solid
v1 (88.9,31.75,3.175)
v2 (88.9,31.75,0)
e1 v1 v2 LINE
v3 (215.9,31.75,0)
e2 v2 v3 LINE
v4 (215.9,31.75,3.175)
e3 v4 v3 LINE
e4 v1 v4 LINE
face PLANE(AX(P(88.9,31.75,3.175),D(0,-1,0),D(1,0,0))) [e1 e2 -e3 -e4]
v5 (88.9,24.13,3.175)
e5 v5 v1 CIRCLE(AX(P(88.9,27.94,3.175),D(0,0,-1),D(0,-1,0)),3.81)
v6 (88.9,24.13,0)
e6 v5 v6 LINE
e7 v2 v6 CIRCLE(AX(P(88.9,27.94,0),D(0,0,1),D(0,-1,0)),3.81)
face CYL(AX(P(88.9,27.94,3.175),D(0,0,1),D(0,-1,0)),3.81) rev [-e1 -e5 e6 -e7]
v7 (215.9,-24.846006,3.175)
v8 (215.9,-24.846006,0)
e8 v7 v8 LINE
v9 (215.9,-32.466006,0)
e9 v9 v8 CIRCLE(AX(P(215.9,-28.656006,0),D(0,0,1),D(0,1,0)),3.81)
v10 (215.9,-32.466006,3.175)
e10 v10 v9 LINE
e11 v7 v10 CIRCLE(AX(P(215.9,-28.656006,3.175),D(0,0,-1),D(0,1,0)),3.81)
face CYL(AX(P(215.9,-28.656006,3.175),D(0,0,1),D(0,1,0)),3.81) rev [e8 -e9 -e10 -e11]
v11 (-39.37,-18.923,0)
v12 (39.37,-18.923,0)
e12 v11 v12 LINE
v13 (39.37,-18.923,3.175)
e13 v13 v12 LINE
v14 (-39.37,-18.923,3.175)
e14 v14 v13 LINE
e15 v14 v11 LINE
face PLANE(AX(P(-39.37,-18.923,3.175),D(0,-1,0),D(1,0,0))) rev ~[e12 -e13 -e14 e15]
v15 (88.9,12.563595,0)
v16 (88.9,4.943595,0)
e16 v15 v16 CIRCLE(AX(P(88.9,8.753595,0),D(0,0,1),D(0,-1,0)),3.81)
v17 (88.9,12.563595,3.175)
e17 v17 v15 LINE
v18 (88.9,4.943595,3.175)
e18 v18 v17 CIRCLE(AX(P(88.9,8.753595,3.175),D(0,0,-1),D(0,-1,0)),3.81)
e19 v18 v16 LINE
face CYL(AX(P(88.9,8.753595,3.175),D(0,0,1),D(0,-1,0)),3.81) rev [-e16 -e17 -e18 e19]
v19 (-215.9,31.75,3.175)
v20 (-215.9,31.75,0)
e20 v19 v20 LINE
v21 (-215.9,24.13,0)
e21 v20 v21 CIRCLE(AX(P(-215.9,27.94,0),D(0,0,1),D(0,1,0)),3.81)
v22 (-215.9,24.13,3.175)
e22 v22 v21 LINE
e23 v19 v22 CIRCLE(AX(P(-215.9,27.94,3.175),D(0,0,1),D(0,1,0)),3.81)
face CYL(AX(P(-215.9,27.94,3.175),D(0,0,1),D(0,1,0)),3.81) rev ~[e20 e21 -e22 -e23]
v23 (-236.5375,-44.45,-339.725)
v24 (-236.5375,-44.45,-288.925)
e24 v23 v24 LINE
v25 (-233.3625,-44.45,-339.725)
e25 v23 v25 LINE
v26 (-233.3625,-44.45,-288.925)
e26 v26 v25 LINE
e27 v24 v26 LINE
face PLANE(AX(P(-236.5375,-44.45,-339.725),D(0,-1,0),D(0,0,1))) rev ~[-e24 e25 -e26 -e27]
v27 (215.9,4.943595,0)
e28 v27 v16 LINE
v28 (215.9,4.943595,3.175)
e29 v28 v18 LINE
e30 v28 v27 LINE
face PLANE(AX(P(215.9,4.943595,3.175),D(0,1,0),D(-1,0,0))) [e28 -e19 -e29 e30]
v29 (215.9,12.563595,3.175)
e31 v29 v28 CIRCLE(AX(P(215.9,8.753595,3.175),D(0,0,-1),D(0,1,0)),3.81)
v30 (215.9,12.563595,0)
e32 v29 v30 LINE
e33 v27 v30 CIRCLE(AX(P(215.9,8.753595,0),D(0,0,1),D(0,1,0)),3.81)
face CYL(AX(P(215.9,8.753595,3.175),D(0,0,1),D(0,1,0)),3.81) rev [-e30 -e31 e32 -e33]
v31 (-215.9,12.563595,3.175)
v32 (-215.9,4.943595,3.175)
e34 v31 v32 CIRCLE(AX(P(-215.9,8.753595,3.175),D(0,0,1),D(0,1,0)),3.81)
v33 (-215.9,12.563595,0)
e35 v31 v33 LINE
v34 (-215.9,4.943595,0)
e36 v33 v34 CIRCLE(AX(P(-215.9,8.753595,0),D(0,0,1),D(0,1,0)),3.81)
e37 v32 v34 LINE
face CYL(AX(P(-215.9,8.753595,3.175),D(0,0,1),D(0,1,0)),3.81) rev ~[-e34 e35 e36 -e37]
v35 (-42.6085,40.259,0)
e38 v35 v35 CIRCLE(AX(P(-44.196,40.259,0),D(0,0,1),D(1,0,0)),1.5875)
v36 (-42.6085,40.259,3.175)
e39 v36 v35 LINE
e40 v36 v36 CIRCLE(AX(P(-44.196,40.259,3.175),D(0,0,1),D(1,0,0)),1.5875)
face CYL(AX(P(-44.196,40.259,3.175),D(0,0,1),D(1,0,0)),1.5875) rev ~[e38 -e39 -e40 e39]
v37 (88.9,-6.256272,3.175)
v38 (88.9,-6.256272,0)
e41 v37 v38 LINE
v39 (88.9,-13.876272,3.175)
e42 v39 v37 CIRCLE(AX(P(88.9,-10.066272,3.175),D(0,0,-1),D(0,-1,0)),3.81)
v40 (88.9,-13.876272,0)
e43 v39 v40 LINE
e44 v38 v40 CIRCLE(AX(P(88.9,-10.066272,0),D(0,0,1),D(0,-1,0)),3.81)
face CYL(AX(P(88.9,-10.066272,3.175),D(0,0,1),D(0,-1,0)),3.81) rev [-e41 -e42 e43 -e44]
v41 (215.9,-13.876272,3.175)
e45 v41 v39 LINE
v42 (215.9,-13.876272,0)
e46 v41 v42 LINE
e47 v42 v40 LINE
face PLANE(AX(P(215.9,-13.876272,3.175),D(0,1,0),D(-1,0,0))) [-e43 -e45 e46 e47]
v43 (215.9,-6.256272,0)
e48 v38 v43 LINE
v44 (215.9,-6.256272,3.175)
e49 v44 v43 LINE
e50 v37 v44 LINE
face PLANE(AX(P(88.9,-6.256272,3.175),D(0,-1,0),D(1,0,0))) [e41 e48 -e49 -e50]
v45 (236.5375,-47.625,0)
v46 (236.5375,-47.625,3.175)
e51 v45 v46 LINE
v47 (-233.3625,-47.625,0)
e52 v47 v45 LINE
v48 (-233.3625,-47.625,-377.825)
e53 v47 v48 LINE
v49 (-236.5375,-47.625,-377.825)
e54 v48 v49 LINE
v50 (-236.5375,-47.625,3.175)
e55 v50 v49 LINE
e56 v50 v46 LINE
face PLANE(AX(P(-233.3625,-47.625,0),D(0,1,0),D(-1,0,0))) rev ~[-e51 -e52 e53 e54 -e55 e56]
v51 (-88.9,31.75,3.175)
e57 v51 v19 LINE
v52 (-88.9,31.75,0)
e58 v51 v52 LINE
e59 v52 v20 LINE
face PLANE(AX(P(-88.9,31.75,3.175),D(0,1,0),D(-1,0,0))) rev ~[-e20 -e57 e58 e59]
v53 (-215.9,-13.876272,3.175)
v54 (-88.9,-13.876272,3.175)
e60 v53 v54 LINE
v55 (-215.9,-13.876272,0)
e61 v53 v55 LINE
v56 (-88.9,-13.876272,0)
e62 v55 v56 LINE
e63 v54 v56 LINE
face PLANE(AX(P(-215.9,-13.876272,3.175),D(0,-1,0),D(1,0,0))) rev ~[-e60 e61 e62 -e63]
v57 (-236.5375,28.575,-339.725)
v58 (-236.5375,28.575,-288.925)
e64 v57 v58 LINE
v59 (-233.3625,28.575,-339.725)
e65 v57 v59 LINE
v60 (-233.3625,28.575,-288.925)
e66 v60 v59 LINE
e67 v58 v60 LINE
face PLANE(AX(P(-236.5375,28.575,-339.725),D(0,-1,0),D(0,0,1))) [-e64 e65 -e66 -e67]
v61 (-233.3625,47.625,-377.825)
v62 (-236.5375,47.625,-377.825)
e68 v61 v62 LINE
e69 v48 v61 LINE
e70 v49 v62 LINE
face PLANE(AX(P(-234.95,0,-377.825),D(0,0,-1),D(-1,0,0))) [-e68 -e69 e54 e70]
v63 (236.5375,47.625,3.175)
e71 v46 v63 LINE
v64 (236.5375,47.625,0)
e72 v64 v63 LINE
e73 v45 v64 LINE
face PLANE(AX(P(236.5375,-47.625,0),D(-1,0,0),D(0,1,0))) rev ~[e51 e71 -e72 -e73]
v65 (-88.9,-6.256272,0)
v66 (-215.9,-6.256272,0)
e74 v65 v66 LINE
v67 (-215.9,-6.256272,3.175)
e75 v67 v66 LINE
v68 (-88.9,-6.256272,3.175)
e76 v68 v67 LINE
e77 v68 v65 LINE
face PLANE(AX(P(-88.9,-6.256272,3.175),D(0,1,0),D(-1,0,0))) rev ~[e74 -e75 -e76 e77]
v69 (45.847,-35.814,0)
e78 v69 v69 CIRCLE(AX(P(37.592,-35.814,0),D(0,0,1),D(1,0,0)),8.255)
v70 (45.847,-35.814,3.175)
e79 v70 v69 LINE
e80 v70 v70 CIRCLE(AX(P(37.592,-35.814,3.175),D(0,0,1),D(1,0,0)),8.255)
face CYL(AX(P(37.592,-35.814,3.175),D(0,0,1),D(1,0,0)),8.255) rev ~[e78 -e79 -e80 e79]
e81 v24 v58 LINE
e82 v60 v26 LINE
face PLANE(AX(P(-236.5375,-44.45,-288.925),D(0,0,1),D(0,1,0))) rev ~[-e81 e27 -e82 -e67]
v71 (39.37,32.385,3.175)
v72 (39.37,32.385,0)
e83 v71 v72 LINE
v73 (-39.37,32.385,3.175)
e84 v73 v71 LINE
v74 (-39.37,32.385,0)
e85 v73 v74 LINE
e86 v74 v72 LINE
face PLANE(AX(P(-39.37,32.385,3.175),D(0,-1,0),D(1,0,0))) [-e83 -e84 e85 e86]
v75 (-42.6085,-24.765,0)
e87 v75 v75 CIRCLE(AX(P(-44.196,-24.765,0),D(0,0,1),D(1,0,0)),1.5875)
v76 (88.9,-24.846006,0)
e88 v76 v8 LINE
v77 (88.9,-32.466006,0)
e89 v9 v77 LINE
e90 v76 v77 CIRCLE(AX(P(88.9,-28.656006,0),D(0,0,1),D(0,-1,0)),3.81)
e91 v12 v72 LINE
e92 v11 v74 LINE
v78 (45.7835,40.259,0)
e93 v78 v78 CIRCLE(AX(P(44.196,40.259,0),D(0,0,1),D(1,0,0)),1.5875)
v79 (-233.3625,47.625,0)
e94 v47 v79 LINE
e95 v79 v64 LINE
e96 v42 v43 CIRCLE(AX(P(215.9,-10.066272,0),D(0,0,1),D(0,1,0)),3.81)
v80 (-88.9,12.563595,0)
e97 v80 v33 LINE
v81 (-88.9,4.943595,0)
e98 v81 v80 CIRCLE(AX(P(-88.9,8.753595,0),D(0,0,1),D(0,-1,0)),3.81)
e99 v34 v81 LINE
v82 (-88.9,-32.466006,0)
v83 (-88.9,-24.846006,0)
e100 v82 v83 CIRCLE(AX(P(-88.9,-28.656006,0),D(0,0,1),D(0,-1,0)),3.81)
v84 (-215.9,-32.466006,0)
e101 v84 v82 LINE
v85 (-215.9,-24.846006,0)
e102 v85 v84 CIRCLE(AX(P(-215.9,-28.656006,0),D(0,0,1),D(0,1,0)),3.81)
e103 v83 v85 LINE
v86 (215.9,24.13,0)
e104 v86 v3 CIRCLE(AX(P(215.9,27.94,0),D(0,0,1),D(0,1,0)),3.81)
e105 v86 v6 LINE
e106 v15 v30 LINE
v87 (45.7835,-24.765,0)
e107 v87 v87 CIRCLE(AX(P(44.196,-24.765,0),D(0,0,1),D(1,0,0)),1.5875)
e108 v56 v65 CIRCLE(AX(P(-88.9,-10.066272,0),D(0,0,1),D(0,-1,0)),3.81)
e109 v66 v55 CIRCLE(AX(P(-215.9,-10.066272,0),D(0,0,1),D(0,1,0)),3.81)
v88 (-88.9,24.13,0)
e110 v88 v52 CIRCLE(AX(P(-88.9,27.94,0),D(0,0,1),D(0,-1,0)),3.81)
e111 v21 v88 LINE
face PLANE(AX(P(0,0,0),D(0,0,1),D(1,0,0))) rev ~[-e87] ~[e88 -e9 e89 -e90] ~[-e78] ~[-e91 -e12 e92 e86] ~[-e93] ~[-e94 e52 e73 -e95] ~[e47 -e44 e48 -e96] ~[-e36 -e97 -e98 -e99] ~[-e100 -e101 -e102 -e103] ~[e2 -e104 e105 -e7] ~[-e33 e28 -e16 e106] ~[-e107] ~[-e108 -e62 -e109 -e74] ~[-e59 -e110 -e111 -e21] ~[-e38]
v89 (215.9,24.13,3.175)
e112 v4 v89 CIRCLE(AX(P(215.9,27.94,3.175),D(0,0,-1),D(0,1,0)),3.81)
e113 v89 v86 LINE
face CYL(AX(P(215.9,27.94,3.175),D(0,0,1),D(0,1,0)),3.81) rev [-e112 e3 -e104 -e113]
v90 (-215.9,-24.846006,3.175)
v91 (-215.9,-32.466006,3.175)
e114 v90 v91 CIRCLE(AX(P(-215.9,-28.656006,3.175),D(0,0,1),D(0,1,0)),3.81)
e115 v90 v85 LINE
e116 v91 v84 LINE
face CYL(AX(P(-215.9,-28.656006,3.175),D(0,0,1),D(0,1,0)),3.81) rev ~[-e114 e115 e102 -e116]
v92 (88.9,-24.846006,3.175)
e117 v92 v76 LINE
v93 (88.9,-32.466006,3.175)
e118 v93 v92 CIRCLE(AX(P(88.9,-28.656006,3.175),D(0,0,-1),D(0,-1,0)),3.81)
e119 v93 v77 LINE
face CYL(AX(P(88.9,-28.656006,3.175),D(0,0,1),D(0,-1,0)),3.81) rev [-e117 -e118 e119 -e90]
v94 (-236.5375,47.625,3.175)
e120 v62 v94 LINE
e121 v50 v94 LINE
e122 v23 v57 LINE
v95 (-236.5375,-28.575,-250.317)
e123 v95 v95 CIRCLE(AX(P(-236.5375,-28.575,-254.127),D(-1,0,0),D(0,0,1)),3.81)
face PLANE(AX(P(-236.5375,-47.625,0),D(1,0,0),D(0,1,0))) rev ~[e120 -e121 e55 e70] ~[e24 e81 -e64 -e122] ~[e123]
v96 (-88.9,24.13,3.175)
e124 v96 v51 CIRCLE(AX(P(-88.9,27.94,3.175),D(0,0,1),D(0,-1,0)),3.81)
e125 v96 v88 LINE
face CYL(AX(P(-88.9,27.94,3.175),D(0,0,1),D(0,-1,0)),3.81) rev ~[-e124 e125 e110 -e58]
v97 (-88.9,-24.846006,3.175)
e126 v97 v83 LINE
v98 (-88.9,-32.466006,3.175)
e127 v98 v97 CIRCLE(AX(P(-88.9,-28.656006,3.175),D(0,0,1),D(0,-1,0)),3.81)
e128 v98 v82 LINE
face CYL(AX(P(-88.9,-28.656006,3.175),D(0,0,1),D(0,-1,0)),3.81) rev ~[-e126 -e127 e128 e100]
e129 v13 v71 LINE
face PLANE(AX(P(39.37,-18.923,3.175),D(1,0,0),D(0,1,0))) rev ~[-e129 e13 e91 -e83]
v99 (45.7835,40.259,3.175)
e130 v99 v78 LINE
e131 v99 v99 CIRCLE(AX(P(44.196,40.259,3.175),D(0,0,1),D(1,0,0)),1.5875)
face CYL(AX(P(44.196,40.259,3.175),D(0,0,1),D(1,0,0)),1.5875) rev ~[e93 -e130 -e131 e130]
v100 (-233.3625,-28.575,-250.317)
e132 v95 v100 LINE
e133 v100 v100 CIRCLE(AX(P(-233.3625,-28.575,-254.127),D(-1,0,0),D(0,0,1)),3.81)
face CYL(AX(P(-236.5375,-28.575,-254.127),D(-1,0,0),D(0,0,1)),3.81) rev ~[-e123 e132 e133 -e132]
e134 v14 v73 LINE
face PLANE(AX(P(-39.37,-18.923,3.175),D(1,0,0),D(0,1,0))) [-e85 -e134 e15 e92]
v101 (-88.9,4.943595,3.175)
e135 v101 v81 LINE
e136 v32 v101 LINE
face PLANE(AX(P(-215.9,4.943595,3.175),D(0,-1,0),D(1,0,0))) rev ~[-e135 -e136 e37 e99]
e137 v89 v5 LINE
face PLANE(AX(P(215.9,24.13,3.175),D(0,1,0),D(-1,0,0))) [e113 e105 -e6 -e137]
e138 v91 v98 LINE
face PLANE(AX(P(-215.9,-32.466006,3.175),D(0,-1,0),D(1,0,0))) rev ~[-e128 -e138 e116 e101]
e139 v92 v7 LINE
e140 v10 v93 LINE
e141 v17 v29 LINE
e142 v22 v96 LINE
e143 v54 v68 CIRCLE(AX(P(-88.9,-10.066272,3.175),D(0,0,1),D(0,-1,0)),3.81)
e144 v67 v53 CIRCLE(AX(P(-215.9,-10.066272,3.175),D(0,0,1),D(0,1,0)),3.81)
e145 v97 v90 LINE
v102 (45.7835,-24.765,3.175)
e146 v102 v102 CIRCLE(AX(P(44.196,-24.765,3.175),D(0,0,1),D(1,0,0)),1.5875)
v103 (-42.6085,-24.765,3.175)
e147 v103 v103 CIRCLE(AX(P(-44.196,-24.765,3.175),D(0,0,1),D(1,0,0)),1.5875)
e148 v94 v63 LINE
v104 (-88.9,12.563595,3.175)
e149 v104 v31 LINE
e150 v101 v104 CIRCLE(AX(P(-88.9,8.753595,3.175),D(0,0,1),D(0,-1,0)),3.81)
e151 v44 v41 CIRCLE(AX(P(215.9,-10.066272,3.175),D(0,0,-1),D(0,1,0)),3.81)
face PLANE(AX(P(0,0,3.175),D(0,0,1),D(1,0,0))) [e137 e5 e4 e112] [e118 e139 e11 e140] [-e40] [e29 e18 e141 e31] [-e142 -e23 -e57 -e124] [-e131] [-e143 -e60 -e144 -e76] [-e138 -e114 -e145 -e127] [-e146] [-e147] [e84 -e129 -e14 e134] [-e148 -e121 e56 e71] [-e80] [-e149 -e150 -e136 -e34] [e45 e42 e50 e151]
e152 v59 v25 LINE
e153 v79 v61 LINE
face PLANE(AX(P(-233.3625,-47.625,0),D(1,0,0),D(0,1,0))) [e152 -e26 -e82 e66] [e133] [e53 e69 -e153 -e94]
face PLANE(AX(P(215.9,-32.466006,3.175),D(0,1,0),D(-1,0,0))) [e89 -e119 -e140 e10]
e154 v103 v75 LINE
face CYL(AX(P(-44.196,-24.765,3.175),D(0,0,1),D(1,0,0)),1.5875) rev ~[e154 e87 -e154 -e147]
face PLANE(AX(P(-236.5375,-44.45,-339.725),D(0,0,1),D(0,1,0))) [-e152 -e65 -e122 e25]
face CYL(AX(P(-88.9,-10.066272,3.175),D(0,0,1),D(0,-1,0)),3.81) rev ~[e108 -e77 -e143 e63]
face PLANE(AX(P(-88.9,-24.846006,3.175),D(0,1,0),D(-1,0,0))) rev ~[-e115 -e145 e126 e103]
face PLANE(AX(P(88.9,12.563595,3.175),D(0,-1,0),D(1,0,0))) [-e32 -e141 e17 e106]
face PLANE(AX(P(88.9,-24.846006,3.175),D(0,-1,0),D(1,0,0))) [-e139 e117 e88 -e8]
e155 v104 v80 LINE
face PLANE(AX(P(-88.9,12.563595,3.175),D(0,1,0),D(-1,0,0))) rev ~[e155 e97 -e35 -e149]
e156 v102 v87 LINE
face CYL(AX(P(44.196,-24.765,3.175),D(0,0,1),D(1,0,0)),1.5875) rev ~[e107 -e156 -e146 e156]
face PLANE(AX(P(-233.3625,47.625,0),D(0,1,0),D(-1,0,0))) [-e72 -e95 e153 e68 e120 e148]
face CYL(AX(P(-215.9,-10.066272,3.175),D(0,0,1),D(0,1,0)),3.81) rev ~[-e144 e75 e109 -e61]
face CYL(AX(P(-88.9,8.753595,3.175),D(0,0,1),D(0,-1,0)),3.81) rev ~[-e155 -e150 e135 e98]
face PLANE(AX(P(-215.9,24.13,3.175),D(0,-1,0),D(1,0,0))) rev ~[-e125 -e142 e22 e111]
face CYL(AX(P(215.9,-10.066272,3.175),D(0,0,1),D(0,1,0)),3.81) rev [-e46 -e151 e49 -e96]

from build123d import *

# Parameters (mm, degrees)
SKETCH1_W           = 473.075
SKETCH1_H           = 95.25
BOSS_EXTRUDE1_DEPTH = 3.175
SKETCH3_W           = 78.74
SKETCH3_H           = 51.308
CUT_EXTRUDE2_DEPTH  = 242.305221983
SKETCH4_R           = 8.255
CUT_EXTRUDE3_DEPTH  = 242.305221983
SKETCH5_R           = 1.5875
CUT_EXTRUDE4_DEPTH  = 242.305221983
SKETCH6_W           = 3.175
SKETCH6_H           = 95.25
BOSS_EXTRUDE2_DEPTH = 377.825
SKETCH7_R           = 3.81
SKETCH7_W           = 50.8
SKETCH7_H           = 73.025
CUT_EXTRUDE5_DEPTH  = 381
CUT_EXTRUDE6_DEPTH  = 381


with BuildPart() as part:
    # Sketch1 → Boss-Extrude1 (new body)
    with BuildSketch(Plane.XY):
        Rectangle(SKETCH1_W, SKETCH1_H)
    extrude(amount=BOSS_EXTRUDE1_DEPTH)

    # Sketch3 → Cut-Extrude2 (cut, through all)
    with BuildSketch(Plane.XY.offset(3.175)):
        with Locations((0, 6.731)):
            Rectangle(SKETCH3_W, SKETCH3_H)
    extrude(amount=-CUT_EXTRUDE2_DEPTH, mode=Mode.SUBTRACT)

    # Sketch4 → Cut-Extrude3 (cut, through all)
    with BuildSketch(Plane.XY.offset(3.175)):
        with Locations((37.592, -35.814)):
            Circle(SKETCH4_R)
    extrude(amount=-CUT_EXTRUDE3_DEPTH, mode=Mode.SUBTRACT)

    # Sketch5 → Cut-Extrude4 (cut, through all)
    with BuildSketch(Plane.XY.offset(3.175)):
        with Locations((44.196, 40.259)):
            Circle(SKETCH5_R)
        with Locations((44.196, -24.765)):
            Circle(SKETCH5_R)
        with Locations((-44.196, -24.765)):
            Circle(SKETCH5_R)
        with Locations((-44.196, 40.259)):
            Circle(SKETCH5_R)
    extrude(amount=-CUT_EXTRUDE4_DEPTH, mode=Mode.SUBTRACT)

    # Sketch6 → Boss-Extrude2 (add)
    with BuildSketch(Plane(origin=(0, 0, 0), x_dir=(-1, 0, 0), z_dir=(0, 0, -1))):
        with Locations((234.95, 0)):
            Rectangle(SKETCH6_W, SKETCH6_H)
    extrude(amount=BOSS_EXTRUDE2_DEPTH)

    # Sketch7 → Cut-Extrude5 (cut)
    with BuildSketch(Plane.ZY.offset(236.5375)):
        with Locations((-254.127, -28.575)):
            Circle(SKETCH7_R)
        with Locations((-314.325, -7.9375)):
            Rectangle(SKETCH7_W, SKETCH7_H)
    extrude(amount=-CUT_EXTRUDE5_DEPTH, mode=Mode.SUBTRACT)

    # Sketch8 → Cut-Extrude6 (cut)
    with BuildSketch(Plane.XY.offset(3.175)):
        with BuildLine():
            Line((215.9, 31.75), (88.9, 31.75))
            ThreePointArc((88.9, 31.75), (85.09, 27.94), (88.9, 24.13))
            Line((88.9, 24.13), (215.9, 24.13))
            ThreePointArc((215.9, 24.13), (219.71, 27.94), (215.9, 31.75))
        make_face()
        with BuildLine():
            Line((215.9, 12.563594852), (88.9, 12.563594852))
            ThreePointArc((88.9, 12.563594852), (85.09, 8.753594852), (88.9, 4.943594852))
            Line((88.9, 4.943594852), (215.9, 4.943594852))
            ThreePointArc((215.9, 4.943594852), (219.71, 8.753594852), (215.9, 12.563594852))
        make_face()
        with BuildLine():
            Line((215.9, -6.256272006), (88.9, -6.256272006))
            ThreePointArc((88.9, -6.256272006), (85.09, -10.066272006), (88.9, -13.876272006))
            Line((88.9, -13.876272006), (215.9, -13.876272006))
            ThreePointArc((215.9, -13.876272006), (219.71, -10.066272006), (215.9, -6.256272006))
        make_face()
        with BuildLine():
            Line((215.9, -24.84600572), (88.9, -24.84600572))
            ThreePointArc((88.9, -24.84600572), (85.09, -28.65600572), (88.9, -32.46600572))
            Line((88.9, -32.46600572), (215.9, -32.46600572))
            ThreePointArc((215.9, -32.46600572), (219.71, -28.65600572), (215.9, -24.84600572))
        make_face()
        with BuildLine():
            ThreePointArc((-88.9, -32.46600572), (-85.09, -28.65600572), (-88.9, -24.84600572))
            Line((-88.9, -24.84600572), (-215.9, -24.84600572))
            ThreePointArc((-215.9, -24.84600572), (-219.71, -28.65600572), (-215.9, -32.46600572))
            Line((-215.9, -32.46600572), (-88.9, -32.46600572))
        make_face()
        with BuildLine():
            ThreePointArc((-88.9, -13.876272006), (-85.09, -10.066272006), (-88.9, -6.256272006))
            Line((-88.9, -6.256272006), (-215.9, -6.256272006))
            ThreePointArc((-215.9, -6.256272006), (-219.71, -10.066272006), (-215.9, -13.876272006))
            Line((-215.9, -13.876272006), (-88.9, -13.876272006))
        make_face()
        with BuildLine():
            ThreePointArc((-88.9, 4.943594852), (-85.09, 8.753594852), (-88.9, 12.563594852))
            Line((-88.9, 12.563594852), (-215.9, 12.563594852))
            ThreePointArc((-215.9, 12.563594852), (-219.71, 8.753594852), (-215.9, 4.943594852))
            Line((-215.9, 4.943594852), (-88.9, 4.943594852))
        make_face()
        with BuildLine():
            ThreePointArc((-88.9, 24.13), (-85.09, 27.94), (-88.9, 31.75))
            Line((-88.9, 31.75), (-215.9, 31.75))
            ThreePointArc((-215.9, 31.75), (-219.71, 27.94), (-215.9, 24.13))
            Line((-215.9, 24.13), (-88.9, 24.13))
        make_face()
    extrude(amount=-CUT_EXTRUDE6_DEPTH, mode=Mode.SUBTRACT)


solid = part.part
